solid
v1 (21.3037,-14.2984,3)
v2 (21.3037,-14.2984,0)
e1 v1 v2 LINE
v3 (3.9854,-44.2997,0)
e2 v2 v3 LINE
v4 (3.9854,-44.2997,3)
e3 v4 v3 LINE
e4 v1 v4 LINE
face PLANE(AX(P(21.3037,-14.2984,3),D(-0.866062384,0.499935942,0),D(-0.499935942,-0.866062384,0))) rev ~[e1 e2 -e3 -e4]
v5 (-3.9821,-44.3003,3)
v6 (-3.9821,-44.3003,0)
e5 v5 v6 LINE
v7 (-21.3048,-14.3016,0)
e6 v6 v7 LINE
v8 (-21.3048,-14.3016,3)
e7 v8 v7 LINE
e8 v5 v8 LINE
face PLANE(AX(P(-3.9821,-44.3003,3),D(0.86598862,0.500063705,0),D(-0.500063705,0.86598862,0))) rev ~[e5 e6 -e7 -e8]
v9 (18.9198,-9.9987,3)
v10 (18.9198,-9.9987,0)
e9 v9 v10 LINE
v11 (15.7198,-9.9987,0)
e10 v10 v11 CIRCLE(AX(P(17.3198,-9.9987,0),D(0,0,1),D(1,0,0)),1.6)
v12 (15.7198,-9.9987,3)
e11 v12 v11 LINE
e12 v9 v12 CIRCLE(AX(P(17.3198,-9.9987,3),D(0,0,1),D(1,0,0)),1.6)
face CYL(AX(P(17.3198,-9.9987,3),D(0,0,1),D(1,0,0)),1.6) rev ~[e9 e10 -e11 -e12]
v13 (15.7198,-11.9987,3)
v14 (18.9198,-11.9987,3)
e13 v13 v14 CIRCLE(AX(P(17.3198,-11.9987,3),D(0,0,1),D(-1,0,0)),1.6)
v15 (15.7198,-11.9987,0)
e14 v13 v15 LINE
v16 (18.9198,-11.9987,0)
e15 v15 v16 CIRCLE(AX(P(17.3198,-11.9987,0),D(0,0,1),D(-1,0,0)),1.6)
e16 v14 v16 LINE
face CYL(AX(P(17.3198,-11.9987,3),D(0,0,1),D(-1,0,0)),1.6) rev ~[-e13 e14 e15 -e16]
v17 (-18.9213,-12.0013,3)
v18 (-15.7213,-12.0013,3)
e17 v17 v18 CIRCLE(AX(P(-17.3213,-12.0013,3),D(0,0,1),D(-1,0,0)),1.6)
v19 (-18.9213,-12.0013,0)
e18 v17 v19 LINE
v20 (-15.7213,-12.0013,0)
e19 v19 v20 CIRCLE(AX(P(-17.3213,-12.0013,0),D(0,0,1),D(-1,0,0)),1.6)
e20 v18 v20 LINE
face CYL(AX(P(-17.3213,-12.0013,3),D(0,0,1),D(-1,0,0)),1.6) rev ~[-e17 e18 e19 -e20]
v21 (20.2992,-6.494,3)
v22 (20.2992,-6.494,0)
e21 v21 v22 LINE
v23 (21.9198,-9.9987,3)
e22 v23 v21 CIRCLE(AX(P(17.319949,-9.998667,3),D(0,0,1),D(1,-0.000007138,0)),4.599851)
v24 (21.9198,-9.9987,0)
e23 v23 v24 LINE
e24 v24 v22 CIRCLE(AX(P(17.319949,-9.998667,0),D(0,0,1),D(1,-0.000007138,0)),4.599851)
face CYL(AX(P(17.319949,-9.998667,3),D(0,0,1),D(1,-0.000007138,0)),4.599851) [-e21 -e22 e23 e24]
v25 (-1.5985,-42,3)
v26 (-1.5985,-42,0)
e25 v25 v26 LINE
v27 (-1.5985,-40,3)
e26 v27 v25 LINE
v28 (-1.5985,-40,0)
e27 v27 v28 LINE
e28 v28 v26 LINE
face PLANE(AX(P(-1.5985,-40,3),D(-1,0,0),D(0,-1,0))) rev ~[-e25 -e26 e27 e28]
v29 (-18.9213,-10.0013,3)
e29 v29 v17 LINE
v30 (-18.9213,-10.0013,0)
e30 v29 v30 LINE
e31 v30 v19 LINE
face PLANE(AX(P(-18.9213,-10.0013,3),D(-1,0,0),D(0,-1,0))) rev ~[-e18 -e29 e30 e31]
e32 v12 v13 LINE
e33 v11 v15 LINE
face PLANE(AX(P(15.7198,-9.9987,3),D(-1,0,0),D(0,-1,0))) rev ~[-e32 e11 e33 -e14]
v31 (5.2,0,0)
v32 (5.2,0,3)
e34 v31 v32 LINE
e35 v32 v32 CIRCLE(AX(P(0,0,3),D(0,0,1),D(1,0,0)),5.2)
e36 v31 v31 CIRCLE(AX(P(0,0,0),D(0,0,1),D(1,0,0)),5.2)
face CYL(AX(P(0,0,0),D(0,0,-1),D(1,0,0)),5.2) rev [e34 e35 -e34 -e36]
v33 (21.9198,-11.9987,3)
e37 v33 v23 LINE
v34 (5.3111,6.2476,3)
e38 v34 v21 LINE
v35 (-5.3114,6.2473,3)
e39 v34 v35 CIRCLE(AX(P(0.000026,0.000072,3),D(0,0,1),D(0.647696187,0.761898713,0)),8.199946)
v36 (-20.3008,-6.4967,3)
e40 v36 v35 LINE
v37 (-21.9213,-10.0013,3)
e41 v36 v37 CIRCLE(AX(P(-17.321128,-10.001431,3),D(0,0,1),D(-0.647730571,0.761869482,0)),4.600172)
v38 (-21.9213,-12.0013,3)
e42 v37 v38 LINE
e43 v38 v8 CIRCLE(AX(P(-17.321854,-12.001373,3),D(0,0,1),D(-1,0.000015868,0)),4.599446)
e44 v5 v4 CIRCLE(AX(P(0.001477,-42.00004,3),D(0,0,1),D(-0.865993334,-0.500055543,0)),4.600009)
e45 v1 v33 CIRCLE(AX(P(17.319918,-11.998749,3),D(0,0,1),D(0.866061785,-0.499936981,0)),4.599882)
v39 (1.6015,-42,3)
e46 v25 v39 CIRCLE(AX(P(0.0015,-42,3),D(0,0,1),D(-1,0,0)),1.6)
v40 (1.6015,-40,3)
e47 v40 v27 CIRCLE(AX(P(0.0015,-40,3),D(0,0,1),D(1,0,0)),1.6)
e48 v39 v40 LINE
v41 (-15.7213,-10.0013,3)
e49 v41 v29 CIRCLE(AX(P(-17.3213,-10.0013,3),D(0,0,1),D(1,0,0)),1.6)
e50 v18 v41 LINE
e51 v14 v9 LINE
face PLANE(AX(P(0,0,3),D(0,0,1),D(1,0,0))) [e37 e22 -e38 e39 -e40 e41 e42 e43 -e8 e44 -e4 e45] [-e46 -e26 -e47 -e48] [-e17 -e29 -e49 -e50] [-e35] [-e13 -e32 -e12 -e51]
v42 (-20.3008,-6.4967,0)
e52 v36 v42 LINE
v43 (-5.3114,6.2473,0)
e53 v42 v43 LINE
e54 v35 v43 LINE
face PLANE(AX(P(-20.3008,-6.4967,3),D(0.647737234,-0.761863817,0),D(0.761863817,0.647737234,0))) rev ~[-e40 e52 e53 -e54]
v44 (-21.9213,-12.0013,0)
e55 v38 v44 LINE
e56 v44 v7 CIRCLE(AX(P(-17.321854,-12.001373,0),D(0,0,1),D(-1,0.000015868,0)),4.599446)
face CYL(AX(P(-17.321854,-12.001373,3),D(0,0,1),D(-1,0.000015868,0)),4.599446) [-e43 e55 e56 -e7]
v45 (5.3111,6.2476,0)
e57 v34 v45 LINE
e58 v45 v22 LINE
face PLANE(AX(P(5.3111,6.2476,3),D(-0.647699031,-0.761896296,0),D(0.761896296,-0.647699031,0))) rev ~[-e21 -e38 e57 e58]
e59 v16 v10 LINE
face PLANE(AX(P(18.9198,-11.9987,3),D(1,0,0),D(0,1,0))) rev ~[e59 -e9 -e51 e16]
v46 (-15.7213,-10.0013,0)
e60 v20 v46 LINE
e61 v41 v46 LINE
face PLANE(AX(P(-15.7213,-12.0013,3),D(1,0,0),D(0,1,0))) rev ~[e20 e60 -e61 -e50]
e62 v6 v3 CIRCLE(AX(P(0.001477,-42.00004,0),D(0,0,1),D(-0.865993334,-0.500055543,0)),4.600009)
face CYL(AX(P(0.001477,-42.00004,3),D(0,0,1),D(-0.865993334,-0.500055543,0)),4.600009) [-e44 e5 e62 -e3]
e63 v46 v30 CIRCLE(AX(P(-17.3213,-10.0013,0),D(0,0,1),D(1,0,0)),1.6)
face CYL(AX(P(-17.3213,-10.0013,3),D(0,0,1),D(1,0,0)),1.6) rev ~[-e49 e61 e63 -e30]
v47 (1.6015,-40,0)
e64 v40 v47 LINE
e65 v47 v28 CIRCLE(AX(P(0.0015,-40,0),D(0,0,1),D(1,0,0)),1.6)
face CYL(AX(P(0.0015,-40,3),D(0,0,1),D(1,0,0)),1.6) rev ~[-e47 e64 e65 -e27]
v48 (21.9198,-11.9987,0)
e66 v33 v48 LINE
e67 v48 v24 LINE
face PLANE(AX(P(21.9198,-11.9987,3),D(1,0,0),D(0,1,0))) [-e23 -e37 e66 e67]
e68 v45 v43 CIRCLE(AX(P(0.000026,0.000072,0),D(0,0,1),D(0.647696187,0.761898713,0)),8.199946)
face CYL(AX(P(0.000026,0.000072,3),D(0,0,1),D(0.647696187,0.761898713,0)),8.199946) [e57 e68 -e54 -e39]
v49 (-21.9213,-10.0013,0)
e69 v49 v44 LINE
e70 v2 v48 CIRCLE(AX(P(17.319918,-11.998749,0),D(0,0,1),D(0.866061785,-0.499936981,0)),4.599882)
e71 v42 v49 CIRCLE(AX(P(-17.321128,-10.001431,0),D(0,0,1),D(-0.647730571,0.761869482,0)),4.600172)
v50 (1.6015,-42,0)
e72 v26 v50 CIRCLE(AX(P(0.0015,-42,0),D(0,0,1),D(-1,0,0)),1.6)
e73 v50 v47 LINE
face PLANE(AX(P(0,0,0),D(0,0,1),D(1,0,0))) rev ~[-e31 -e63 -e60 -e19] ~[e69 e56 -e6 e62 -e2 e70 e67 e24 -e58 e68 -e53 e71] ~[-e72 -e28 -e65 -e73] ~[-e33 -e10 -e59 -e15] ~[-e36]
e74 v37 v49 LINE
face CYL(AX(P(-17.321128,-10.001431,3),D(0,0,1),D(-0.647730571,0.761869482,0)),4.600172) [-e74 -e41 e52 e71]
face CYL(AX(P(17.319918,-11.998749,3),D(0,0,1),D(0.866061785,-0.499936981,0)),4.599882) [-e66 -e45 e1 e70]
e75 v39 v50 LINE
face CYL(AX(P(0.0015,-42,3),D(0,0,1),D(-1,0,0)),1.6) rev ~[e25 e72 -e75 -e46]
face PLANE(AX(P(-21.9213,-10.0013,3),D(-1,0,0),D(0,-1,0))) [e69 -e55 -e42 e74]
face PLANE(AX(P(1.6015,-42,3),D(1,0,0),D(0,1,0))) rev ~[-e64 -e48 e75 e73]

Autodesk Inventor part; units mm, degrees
ref_plane "YZ Plane" through (0, 0, 0) normal (1, 0, 0) x (0, 1, 0)
ref_plane "XZ Plane" through (0, 0, 0) normal (0, 1, 0) x (-1, 0, 0)
ref_plane "XY Plane" through (0, 0, 0) normal (0, 0, 1) x (1, 0, 0)
sketch "スケッチ1" plane through (0, 0, 0) normal (0, 0, 1) x (1, 0, 0)
  circle A0 centre (0, 0) radius 5.2
  line L0 (25, -50) -> (-25, -50)
  line L1 (-25, -50) -> (-25, 50)
  line L2 (-25, 50) -> (25, 50)
  line L3 (25, 50) -> (25, -50)
  line L4 (25, -50) -> (-25, 50) construction
  line L5 (-25, -50) -> (25, 50) construction
  dimension "d0" = 10.4
  dimension "d1" = 50
  dimension "d2" = 100
extrude "押し出し1" add sketch "スケッチ1" along normal blind 3
sketch "スケッチ2" plane through (0, 0, 3) normal (0, 0, 1) x (1, 0, 0)
  circle A0 centre (17.3198, -9.9987) radius 1.25 construction
  circle A1 centre (-17.3213, -10.0013) radius 1.25 construction
  circle A2 centre (0.0015, -40) radius 1.25 construction
  line L0 (-17.3213, -10.0013) -> (-17.3213, -12.0013) construction
  line L1 (-18.9213, -10.0013) -> (-18.9213, -12.0013)
  line L2 (-15.7213, -12.0013) -> (-15.7213, -10.0013)
  arc A3 (-15.7213, -10.0013) -> (-18.9213, -10.0013) centre (-17.3213, -10.0013) ccw
  arc A4 (-18.9213, -12.0013) -> (-15.7213, -12.0013) centre (-17.3213, -12.0013) ccw
  line L3 (0.0015, -40) -> (0.0015, -42) construction
  line L4 (-1.5985, -40) -> (-1.5985, -42)
  line L5 (1.6015, -42) -> (1.6015, -40)
  arc A5 (1.6015, -40) -> (-1.5985, -40) centre (0.0015, -40) ccw
  arc A6 (-1.5985, -42) -> (1.6015, -42) centre (0.0015, -42) ccw
  line L6 (17.3198, -9.9987) -> (17.3198, -11.9987) construction
  line L7 (15.7198, -9.9987) -> (15.7198, -11.9987)
  line L8 (18.9198, -11.9987) -> (18.9198, -9.9987)
  arc A7 (18.9198, -9.9987) -> (15.7198, -9.9987) centre (17.3198, -9.9987) ccw
  arc A8 (15.7198, -11.9987) -> (18.9198, -11.9987) centre (17.3198, -11.9987) ccw
  circle A9 centre (0, 0) radius 5.2 projected
  arc A10 (5.3111, 6.2476) -> (-5.3114, 6.2473) centre (0, 0) ccw
  line L9 (-12.7213, -12.0013) -> (-12.7213, -10.0013)
  arc A11 (-20.3008, -6.4967) -> (-21.9213, -10.0013) centre (-17.3213, -10.0013) ccw
  line L10 (-21.9213, -10.0013) -> (-21.9213, -12.0013)
  arc A12 (-21.9213, -12.0013) -> (-21.3048, -14.3016) centre (-17.3213, -12.0013) ccw
  line L11 (21.9198, -11.9987) -> (21.9198, -9.9987)
  arc A13 (21.9198, -9.9987) -> (20.2992, -6.494) centre (17.3198, -9.9987) ccw
  line L12 (12.7198, -9.9987) -> (12.7198, -11.9987)
  arc A14 (21.3037, -14.2984) -> (21.9198, -11.9987) centre (17.3198, -11.9987) ccw
  line L13 (4.6015, -40) -> (4.6015, -42)
  arc A15 (-3.9821, -44.3003) -> (3.9854, -44.2997) centre (0.0015, -42) ccw
  line L14 (-4.5985, -42) -> (-4.5985, -40)
  arc A16 (4.6015, -40) -> (-4.5985, -40) centre (0.0015, -40) ccw
  line L15 (-20.3008, -6.4967) -> (-5.3114, 6.2473)
  line L16 (5.3111, 6.2476) -> (20.2992, -6.494)
  line L17 (21.3037, -14.2984) -> (3.9854, -44.2997)
  line L18 (-3.9821, -44.3003) -> (-21.3048, -14.3016)
  point P0 (-17.3213, -11.0013)
  point P1 (0.0015, -41)
  point P2 (17.3198, -10.9987)
  dimension "d5" = 1.6
  dimension "d6" = 2
  dimension "d7" = 3
  dimension "d8" = 3
  dimension "d9" = 3
  dimension "d10" = 3
extrude "押し出し2" cut sketch "スケッチ2" against normal blind 3 keep common part
properties part number "POTplate" material "アルミニウム 2014-T4"
